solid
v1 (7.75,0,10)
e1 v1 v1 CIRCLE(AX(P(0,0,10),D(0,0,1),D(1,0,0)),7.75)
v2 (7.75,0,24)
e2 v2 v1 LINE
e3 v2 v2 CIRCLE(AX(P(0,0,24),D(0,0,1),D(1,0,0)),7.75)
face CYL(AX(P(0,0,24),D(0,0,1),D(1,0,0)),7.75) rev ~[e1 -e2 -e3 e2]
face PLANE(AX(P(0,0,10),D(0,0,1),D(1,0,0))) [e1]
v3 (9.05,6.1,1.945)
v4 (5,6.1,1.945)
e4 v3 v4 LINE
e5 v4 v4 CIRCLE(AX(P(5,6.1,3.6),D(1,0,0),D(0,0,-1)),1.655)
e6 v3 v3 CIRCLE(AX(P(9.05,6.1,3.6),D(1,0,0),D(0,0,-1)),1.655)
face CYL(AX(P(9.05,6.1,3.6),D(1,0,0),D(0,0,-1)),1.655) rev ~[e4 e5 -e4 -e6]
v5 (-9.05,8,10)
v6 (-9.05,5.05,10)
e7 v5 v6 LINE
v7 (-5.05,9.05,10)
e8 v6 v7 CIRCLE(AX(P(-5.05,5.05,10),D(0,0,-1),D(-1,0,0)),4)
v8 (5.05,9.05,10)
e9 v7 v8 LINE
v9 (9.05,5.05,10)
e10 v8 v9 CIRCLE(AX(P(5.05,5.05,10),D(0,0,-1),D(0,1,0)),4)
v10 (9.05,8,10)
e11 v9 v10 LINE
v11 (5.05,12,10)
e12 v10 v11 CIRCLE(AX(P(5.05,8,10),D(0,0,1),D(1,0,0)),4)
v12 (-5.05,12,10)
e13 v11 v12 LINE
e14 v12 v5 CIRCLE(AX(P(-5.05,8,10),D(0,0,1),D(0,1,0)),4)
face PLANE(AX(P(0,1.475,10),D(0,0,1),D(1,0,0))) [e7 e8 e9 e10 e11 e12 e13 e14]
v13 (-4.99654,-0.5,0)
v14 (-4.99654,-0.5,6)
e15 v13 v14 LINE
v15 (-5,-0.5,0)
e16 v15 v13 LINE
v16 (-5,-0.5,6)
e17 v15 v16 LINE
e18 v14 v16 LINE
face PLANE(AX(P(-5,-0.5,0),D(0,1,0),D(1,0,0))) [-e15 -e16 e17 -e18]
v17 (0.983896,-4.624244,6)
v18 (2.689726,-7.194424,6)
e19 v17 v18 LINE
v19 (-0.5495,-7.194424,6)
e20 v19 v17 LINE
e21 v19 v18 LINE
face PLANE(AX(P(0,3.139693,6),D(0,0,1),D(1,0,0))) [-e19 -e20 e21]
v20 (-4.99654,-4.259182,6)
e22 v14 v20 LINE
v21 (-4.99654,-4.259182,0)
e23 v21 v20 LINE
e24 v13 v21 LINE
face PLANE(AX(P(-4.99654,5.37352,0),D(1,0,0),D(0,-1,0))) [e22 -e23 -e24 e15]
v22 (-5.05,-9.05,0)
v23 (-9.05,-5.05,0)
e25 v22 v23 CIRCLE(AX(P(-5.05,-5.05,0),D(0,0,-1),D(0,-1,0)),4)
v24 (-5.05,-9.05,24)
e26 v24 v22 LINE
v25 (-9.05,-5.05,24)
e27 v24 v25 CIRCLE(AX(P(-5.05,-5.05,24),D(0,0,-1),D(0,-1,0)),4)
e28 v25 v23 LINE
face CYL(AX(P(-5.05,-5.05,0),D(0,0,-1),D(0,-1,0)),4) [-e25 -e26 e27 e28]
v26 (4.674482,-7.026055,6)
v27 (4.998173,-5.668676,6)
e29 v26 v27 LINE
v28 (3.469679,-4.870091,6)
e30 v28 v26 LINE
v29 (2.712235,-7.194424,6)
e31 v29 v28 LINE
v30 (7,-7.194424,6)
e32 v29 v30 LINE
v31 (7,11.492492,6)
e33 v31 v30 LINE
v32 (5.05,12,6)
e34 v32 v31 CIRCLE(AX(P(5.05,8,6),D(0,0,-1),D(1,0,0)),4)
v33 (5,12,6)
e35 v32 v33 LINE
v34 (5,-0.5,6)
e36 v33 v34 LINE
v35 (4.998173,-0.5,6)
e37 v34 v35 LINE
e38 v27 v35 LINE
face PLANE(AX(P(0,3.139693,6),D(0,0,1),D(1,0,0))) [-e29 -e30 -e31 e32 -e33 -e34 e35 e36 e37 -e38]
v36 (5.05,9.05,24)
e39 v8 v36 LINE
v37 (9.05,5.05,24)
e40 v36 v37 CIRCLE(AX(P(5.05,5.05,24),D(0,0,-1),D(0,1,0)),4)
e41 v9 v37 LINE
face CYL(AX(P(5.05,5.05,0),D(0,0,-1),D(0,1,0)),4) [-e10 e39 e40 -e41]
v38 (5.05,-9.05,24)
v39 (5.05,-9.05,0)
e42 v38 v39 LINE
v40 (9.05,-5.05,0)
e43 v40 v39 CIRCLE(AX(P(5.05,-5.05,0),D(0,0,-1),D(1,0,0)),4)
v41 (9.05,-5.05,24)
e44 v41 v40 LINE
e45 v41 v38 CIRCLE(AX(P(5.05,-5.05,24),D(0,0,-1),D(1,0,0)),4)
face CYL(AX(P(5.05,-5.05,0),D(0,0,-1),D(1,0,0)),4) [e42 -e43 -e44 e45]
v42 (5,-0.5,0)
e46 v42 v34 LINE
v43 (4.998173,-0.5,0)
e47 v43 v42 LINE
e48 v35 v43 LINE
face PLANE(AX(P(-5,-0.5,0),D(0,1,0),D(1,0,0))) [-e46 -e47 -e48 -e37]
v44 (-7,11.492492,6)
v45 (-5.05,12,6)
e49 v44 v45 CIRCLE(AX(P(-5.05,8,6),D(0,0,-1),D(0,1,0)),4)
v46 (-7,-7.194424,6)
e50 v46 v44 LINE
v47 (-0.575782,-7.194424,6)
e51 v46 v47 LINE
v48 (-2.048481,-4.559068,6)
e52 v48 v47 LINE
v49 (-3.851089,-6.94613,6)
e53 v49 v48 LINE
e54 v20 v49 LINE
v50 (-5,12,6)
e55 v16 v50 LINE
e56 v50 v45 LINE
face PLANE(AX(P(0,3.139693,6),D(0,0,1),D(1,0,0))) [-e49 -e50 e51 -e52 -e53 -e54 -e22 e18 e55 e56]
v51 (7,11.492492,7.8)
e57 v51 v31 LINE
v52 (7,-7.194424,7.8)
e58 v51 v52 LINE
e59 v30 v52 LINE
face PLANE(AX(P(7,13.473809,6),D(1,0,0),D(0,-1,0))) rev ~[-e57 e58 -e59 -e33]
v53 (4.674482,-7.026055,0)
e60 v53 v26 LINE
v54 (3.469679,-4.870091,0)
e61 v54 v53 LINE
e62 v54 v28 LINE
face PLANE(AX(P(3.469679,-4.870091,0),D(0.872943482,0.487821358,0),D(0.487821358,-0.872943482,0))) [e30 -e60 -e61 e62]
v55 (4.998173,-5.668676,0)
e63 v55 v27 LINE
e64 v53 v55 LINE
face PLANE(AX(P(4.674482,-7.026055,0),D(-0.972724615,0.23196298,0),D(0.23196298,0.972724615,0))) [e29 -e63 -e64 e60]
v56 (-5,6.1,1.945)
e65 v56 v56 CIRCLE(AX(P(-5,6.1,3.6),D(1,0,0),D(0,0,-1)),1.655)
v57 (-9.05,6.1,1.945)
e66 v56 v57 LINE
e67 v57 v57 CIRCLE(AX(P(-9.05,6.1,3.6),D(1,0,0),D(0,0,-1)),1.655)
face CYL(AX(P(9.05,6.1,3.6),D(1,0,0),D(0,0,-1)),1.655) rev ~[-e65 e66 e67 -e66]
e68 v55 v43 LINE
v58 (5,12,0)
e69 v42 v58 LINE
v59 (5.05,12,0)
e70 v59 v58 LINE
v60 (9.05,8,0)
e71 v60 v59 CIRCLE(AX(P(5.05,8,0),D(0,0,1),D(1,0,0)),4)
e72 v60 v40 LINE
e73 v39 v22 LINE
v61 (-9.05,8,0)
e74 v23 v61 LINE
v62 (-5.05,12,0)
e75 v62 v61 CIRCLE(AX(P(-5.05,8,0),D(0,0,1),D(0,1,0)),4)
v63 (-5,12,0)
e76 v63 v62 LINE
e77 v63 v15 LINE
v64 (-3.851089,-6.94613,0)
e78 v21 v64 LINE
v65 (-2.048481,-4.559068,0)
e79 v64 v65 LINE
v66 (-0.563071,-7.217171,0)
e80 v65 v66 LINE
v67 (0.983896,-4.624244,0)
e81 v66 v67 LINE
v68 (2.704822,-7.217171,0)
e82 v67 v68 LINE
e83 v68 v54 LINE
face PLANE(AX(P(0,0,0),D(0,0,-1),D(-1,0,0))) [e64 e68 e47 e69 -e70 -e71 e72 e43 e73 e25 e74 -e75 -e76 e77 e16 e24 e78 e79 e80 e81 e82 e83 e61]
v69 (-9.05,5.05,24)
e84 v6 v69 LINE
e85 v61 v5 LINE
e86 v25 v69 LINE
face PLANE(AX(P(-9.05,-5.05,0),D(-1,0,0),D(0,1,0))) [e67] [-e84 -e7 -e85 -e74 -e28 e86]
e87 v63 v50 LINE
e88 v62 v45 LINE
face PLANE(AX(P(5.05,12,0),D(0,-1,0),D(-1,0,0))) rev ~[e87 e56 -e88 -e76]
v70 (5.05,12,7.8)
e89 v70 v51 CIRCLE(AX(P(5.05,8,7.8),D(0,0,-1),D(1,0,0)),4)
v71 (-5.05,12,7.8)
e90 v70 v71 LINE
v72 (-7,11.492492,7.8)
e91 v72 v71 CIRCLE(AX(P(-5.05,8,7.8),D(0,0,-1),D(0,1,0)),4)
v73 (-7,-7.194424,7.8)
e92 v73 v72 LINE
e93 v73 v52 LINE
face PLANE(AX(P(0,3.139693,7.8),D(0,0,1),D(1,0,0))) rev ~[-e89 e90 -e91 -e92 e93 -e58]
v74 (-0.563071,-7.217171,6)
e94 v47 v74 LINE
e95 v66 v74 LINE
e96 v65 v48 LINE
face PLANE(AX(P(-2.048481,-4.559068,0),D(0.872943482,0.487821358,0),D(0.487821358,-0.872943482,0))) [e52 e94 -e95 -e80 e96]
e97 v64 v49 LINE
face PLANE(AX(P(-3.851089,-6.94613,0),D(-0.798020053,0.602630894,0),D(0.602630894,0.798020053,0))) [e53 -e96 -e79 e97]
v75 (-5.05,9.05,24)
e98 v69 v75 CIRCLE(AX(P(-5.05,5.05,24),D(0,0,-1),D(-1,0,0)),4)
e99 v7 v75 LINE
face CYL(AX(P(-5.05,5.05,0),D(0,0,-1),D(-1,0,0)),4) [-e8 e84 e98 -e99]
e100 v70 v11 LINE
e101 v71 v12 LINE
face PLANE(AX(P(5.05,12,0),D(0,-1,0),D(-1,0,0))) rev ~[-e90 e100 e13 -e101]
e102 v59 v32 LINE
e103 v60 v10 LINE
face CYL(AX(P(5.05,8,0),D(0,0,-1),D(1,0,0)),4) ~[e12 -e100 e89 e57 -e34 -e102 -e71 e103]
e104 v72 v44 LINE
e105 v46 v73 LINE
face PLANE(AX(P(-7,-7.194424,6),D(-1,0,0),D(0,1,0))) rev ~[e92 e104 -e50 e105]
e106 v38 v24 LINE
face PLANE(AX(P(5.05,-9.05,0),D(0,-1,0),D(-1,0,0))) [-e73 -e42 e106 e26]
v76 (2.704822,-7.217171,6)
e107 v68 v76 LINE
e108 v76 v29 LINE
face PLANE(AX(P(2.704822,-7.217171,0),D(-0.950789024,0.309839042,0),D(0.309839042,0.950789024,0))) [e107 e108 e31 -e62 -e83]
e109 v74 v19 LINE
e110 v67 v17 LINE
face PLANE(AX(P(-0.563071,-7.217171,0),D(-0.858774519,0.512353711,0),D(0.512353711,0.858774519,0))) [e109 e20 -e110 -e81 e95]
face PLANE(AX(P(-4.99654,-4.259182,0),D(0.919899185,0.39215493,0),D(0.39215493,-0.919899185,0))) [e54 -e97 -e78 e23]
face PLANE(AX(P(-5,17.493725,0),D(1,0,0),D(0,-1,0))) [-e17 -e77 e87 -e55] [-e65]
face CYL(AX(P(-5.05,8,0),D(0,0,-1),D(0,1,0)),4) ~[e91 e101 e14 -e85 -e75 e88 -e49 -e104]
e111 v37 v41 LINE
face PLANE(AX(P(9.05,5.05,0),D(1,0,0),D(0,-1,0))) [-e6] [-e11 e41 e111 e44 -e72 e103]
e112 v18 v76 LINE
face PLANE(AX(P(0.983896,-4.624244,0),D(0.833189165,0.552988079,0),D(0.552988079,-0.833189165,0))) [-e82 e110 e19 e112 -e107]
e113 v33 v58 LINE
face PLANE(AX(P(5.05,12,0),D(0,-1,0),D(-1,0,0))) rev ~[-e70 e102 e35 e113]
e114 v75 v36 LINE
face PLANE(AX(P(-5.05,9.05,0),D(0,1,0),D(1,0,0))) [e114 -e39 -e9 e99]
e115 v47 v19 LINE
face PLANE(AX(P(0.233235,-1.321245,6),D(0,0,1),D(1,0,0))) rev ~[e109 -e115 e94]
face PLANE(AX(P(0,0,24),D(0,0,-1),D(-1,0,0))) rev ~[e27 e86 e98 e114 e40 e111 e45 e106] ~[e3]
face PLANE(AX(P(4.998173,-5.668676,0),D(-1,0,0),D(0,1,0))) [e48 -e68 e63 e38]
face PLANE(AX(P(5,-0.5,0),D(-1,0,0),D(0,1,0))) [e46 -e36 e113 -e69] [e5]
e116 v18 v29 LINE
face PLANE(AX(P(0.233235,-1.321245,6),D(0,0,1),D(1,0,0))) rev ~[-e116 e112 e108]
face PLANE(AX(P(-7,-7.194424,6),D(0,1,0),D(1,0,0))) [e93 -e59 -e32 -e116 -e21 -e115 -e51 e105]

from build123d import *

# Parameters (mm, degrees)
BOSS_EXTRUDE1_DEPTH = 24
BOSS_EXTRUDE3_DEPTH = 10
SKETCH17_R          = 1.655
CUT_EXTRUDE10_DEPTH = 30
CUT_EXTRUDE11_DEPTH = 6
CUT_EXTRUDE12_DEPTH = 1.8
CUT_EXTRUDE13_DEPTH = 7.2
SKETCH24_R          = 7.75
CUT_EXTRUDE15_DEPTH = 14


with BuildPart() as part:
    # Sketch1 → Boss-Extrude1 (new body)
    with BuildSketch(Plane.XY):
        with BuildLine():
            Line((-5.05, 9.05), (5.05, 9.05))
            ThreePointArc((5.05, 9.05), (7.878427125, 7.878427125), (9.05, 5.05))
            Line((9.05, 5.05), (9.05, -5.05))
            ThreePointArc((9.05, -5.05), (7.878427125, -7.878427125), (5.05, -9.05))
            Line((5.05, -9.05), (-5.05, -9.05))
            ThreePointArc((-5.05, -9.05), (-7.878427125, -7.878427125), (-9.05, -5.05))
            Line((-9.05, -5.05), (-9.05, 5.05))
            ThreePointArc((-9.05, 5.05), (-7.878427125, 7.878427125), (-5.05, 9.05))
        make_face()
    extrude(amount=BOSS_EXTRUDE1_DEPTH)

    # Sketch15 → Boss-Extrude3 (add)
    with BuildSketch(Plane.XY):
        with BuildLine():
            Line((-5.05, -9.05), (5.05, -9.05))
            ThreePointArc((5.05, -9.05), (7.878427125, -7.878427125), (9.05, -5.05))
            Line((9.05, -5.05), (9.05, 8))
            ThreePointArc((9.05, 8), (7.878427125, 10.828427125), (5.05, 12))
            Line((5.05, 12), (-5.05, 12))
            ThreePointArc((-5.05, 12), (-7.878427125, 10.828427125), (-9.05, 8))
            Line((-9.05, 8), (-9.05, -5.05))
            ThreePointArc((-9.05, -5.05), (-7.878427125, -7.878427125), (-5.05, -9.05))
        make_face()
    extrude(amount=BOSS_EXTRUDE3_DEPTH)

    # Sketch17 → Cut-Extrude10 (cut)
    with BuildSketch(Plane(origin=(9.05, 0, 0), x_dir=(0, 0, -1), z_dir=(1, 0, 0))):
        with Locations((-3.6, 6.1)):
            Circle(SKETCH17_R)
    extrude(amount=-CUT_EXTRUDE10_DEPTH, mode=Mode.SUBTRACT)

    # Sketch18 → Cut-Extrude11 (cut)
    with BuildSketch(Plane.XY):
        Polygon((-4.996539756, -4.259182236), (-3.851088562, -6.946129507), (-2.048481088, -4.559068161), (-0.563070773, -7.21717083), (0.983895836, -4.624244345), (2.704822485, -7.21717083), (3.469678774, -4.870091009), (4.674482161, -7.026054964), (4.998172504, -5.668676456), (4.998172504, 5.373520003), (-4.996539756, 5.373520003), align=None)
    extrude(amount=CUT_EXTRUDE11_DEPTH, mode=Mode.SUBTRACT)

    # Sketch20 → Cut-Extrude12 (cut)
    with BuildSketch(Plane(origin=(0, 0, 6), x_dir=(-1, 0, 0), z_dir=(0, 0, -1))):
        Polygon((-7, 0), (-7, 13.473809321), (7, 13.473809321), (7, 0), (7, -7.194424303), (-7, -7.194424303), align=None)
    extrude(amount=-CUT_EXTRUDE12_DEPTH, mode=Mode.SUBTRACT)

    # Sketch21 → Cut-Extrude13 (cut)
    with BuildSketch(Plane.XY):
        Polygon((5, 17.493725323), (-5, 17.493725323), (-5, 0), (-5, -0.5), (5, -0.5), (5, 0), align=None)
    extrude(amount=CUT_EXTRUDE13_DEPTH, mode=Mode.SUBTRACT)

    # Sketch24 → Cut-Extrude15 (cut)
    with BuildSketch(Plane.XY.offset(24)):
        Circle(SKETCH24_R)
    extrude(amount=-CUT_EXTRUDE15_DEPTH, mode=Mode.SUBTRACT)


solid = part.part
